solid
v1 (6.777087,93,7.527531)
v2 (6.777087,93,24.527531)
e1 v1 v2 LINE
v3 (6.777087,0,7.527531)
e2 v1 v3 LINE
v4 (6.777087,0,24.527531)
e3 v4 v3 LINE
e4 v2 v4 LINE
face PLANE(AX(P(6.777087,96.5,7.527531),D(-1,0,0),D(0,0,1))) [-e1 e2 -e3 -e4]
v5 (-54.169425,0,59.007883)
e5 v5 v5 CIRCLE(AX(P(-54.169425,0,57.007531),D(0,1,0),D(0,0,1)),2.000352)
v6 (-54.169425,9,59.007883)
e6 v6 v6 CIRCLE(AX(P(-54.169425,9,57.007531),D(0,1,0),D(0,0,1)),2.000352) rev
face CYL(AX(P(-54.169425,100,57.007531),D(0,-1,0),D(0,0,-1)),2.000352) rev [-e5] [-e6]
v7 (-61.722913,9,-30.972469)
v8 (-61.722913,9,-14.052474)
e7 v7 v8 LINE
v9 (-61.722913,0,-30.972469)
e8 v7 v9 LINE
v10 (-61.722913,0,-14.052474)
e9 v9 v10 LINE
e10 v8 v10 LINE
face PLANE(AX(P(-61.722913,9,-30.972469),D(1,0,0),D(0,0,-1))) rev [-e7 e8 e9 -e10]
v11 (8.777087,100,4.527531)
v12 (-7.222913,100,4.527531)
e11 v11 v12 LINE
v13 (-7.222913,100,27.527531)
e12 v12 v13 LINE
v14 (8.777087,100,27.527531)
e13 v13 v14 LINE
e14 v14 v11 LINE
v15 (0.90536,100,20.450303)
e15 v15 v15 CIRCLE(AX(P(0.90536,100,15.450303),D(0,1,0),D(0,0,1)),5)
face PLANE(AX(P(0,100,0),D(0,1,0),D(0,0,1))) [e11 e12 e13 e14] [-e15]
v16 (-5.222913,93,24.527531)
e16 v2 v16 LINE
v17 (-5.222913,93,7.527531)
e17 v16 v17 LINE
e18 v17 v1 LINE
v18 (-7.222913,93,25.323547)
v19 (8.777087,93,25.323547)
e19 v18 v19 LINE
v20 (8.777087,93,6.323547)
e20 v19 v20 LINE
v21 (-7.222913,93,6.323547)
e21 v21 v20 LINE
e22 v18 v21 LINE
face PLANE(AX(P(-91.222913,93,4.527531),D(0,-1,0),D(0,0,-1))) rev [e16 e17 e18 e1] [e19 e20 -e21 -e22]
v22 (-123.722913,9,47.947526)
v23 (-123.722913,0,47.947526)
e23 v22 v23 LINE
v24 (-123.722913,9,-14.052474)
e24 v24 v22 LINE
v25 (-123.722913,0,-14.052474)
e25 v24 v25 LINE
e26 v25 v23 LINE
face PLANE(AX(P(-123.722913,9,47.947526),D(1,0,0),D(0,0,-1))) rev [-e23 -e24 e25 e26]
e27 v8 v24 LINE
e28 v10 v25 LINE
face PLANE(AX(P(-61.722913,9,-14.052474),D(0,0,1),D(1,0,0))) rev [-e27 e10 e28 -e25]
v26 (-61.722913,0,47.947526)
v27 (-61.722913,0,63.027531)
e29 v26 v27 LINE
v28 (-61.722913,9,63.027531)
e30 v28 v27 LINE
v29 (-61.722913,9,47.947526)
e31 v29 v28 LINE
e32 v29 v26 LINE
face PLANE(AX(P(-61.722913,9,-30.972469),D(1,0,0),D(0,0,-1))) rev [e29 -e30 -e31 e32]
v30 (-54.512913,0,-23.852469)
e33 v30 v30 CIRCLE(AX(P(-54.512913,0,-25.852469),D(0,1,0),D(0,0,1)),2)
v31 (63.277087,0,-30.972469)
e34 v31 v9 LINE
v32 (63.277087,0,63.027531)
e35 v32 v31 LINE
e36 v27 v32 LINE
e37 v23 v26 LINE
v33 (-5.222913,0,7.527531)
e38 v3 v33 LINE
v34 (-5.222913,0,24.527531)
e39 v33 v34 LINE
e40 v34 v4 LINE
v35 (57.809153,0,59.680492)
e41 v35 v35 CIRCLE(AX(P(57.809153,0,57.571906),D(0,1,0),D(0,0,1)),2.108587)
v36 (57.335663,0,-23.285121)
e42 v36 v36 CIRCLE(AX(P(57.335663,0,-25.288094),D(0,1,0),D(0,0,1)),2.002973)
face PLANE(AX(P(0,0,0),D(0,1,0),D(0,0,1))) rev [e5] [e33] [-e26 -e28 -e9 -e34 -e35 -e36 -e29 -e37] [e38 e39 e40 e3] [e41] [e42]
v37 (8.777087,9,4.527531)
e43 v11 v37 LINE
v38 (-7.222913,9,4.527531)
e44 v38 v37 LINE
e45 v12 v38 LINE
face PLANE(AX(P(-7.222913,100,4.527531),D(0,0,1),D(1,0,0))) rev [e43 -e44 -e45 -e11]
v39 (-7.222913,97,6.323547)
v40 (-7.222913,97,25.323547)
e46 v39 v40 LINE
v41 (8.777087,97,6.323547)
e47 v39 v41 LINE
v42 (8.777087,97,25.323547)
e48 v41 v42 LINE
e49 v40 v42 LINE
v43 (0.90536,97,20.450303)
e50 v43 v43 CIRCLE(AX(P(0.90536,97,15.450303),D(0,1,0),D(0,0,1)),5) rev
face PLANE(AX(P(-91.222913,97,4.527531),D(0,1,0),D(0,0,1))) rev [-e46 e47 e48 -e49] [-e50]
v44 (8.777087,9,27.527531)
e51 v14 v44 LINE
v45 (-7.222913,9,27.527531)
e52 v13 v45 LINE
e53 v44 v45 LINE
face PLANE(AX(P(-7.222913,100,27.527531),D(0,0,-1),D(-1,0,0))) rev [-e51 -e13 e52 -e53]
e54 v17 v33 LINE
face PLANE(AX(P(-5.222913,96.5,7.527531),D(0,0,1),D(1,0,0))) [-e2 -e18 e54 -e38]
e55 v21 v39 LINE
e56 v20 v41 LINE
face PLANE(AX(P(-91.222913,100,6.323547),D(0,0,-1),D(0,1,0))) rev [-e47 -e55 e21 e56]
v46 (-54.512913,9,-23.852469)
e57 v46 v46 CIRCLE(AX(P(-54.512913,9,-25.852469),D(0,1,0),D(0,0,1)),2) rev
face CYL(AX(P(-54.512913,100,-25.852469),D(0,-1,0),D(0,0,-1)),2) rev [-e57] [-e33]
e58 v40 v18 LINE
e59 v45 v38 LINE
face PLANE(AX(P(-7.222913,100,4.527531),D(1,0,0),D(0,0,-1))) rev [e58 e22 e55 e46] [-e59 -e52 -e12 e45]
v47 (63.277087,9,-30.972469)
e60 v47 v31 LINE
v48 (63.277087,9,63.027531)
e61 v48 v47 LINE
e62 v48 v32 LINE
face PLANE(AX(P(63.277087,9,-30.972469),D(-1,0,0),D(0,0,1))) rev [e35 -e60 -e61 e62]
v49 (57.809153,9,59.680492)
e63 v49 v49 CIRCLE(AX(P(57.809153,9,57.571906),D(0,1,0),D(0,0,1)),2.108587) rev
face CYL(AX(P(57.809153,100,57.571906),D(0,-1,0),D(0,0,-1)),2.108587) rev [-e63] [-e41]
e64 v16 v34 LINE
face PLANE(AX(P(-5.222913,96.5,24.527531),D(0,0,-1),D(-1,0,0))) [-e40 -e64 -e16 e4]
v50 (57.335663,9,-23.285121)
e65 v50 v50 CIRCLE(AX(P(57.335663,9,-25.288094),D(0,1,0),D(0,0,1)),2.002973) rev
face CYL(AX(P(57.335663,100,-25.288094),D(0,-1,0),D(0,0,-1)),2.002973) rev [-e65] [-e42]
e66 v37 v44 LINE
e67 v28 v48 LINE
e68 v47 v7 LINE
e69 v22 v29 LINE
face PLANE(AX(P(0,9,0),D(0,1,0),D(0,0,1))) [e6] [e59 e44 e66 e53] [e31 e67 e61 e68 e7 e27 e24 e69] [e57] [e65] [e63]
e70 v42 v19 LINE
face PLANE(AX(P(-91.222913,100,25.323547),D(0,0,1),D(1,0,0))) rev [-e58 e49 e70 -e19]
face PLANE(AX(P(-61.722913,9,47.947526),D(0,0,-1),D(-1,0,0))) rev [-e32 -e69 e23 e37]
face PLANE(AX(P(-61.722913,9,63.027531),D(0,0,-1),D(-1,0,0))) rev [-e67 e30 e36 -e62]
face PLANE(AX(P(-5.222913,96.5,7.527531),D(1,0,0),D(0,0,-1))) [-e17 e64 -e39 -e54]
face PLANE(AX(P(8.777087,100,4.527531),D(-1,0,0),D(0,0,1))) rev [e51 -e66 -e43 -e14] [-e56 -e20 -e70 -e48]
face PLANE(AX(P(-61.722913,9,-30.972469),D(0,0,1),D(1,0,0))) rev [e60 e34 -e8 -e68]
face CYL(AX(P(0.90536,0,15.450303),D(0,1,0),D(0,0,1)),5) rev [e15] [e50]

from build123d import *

# Parameters (mm, degrees)
SKETCH1_W           = 125
SKETCH1_H           = 94
BOSS_EXTRUDE2_DEPTH = 9
SKETCH2_W           = 16
SKETCH2_H           = 23
BOSS_EXTRUDE4_DEPTH = 100
SKETCH4_W           = 12
SKETCH4_H           = 17
CUT_EXTRUDE1_DEPTH  = 96.5
SKETCH5_R           = 5
CUT_EXTRUDE2_DEPTH  = 100
CUT_EXTRUDE3_START  = 8.777087
SKETCH6_W           = 19
SKETCH6_H           = 4
CUT_EXTRUDE3_DEPTH  = 100
SKETCH7_R           = 2
SKETCH7_R_2         = 2.002973214
SKETCH7_R_3         = 2.108586534
SKETCH7_R_4         = 2.000351704
CUT_EXTRUDE4_DEPTH  = 100
SKETCH8_W           = 62
SKETCH8_H           = 62
BOSS_EXTRUDE5_DEPTH = 9


with BuildPart() as part:
    # Sketch1 → Boss-Extrude2 (new body)
    with BuildSketch(Plane(origin=(0, 0, 0), x_dir=(1, 0, 0), z_dir=(0, 1, 0))):
        with Locations((0.777087034, -16.027531083)):
            Rectangle(SKETCH1_W, SKETCH1_H)
    extrude(amount=BOSS_EXTRUDE2_DEPTH)

    # Sketch2 → Boss-Extrude4 (add)
    with BuildSketch(Plane(origin=(0, 0, 0), x_dir=(1, 0, 0), z_dir=(0, 1, 0))):
        with Locations((0.777087034, -16.027531083)):
            Rectangle(SKETCH2_W, SKETCH2_H)
    extrude(amount=BOSS_EXTRUDE4_DEPTH)

    # Sketch4 → Cut-Extrude1 (cut)
    with BuildSketch(Plane(origin=(0, 0, 0), x_dir=(1, 0, 0), z_dir=(0, 1, 0))):
        with Locations((0.777087034, -16.027531083)):
            Rectangle(SKETCH4_W, SKETCH4_H)
    extrude(amount=CUT_EXTRUDE1_DEPTH, mode=Mode.SUBTRACT)

    # Sketch5 → Cut-Extrude2 (cut)
    with BuildSketch(Plane(origin=(0, 100, 0), x_dir=(1, 0, 0), z_dir=(0, 1, 0))):
        with Locations(Location((0.905359977, -15.45030284, 0), (0, 0, 270))):
            Circle(SKETCH5_R)
    extrude(amount=-CUT_EXTRUDE2_DEPTH, mode=Mode.SUBTRACT)

    # Sketch6 → Cut-Extrude3 (cut)
    with BuildSketch(Plane(origin=(0, 0, 0), x_dir=(0, 0, -1), z_dir=(1, 0, 0)).offset(CUT_EXTRUDE3_START)):
        with Locations((-15.823546724, 95)):
            Rectangle(SKETCH6_W, SKETCH6_H)
    extrude(amount=-CUT_EXTRUDE3_DEPTH, mode=Mode.SUBTRACT)

    # Sketch7 → Cut-Extrude4 (cut)
    with BuildSketch(Plane(origin=(0, 0, 0), x_dir=(1, 0, 0), z_dir=(0, 1, 0))):
        with Locations(Location((-54.512912966, 25.852468917, 0), (0, 0, 270))):
            Circle(SKETCH7_R)
        with Locations(Location((57.335663159, 25.288094206, 0), (0, 0, 270))):
            Circle(SKETCH7_R_2)
        with Locations(Location((57.809152834, -57.571905794, 0), (0, 0, 270))):
            Circle(SKETCH7_R_3)
        with Locations(Location((-54.169424944, -57.007531083, 0), (0, 0, 270))):
            Circle(SKETCH7_R_4)
    extrude(amount=CUT_EXTRUDE4_DEPTH, mode=Mode.SUBTRACT)

    # Sketch8 → Boss-Extrude5 (add)
    with BuildSketch(Plane(origin=(0, 0, 0), x_dir=(1, 0, 0), z_dir=(0, 1, 0))):
        with Locations((-92.722912966, -16.947525928)):
            Rectangle(SKETCH8_W, SKETCH8_H)
    extrude(amount=BOSS_EXTRUDE5_DEPTH)


solid = part.part
